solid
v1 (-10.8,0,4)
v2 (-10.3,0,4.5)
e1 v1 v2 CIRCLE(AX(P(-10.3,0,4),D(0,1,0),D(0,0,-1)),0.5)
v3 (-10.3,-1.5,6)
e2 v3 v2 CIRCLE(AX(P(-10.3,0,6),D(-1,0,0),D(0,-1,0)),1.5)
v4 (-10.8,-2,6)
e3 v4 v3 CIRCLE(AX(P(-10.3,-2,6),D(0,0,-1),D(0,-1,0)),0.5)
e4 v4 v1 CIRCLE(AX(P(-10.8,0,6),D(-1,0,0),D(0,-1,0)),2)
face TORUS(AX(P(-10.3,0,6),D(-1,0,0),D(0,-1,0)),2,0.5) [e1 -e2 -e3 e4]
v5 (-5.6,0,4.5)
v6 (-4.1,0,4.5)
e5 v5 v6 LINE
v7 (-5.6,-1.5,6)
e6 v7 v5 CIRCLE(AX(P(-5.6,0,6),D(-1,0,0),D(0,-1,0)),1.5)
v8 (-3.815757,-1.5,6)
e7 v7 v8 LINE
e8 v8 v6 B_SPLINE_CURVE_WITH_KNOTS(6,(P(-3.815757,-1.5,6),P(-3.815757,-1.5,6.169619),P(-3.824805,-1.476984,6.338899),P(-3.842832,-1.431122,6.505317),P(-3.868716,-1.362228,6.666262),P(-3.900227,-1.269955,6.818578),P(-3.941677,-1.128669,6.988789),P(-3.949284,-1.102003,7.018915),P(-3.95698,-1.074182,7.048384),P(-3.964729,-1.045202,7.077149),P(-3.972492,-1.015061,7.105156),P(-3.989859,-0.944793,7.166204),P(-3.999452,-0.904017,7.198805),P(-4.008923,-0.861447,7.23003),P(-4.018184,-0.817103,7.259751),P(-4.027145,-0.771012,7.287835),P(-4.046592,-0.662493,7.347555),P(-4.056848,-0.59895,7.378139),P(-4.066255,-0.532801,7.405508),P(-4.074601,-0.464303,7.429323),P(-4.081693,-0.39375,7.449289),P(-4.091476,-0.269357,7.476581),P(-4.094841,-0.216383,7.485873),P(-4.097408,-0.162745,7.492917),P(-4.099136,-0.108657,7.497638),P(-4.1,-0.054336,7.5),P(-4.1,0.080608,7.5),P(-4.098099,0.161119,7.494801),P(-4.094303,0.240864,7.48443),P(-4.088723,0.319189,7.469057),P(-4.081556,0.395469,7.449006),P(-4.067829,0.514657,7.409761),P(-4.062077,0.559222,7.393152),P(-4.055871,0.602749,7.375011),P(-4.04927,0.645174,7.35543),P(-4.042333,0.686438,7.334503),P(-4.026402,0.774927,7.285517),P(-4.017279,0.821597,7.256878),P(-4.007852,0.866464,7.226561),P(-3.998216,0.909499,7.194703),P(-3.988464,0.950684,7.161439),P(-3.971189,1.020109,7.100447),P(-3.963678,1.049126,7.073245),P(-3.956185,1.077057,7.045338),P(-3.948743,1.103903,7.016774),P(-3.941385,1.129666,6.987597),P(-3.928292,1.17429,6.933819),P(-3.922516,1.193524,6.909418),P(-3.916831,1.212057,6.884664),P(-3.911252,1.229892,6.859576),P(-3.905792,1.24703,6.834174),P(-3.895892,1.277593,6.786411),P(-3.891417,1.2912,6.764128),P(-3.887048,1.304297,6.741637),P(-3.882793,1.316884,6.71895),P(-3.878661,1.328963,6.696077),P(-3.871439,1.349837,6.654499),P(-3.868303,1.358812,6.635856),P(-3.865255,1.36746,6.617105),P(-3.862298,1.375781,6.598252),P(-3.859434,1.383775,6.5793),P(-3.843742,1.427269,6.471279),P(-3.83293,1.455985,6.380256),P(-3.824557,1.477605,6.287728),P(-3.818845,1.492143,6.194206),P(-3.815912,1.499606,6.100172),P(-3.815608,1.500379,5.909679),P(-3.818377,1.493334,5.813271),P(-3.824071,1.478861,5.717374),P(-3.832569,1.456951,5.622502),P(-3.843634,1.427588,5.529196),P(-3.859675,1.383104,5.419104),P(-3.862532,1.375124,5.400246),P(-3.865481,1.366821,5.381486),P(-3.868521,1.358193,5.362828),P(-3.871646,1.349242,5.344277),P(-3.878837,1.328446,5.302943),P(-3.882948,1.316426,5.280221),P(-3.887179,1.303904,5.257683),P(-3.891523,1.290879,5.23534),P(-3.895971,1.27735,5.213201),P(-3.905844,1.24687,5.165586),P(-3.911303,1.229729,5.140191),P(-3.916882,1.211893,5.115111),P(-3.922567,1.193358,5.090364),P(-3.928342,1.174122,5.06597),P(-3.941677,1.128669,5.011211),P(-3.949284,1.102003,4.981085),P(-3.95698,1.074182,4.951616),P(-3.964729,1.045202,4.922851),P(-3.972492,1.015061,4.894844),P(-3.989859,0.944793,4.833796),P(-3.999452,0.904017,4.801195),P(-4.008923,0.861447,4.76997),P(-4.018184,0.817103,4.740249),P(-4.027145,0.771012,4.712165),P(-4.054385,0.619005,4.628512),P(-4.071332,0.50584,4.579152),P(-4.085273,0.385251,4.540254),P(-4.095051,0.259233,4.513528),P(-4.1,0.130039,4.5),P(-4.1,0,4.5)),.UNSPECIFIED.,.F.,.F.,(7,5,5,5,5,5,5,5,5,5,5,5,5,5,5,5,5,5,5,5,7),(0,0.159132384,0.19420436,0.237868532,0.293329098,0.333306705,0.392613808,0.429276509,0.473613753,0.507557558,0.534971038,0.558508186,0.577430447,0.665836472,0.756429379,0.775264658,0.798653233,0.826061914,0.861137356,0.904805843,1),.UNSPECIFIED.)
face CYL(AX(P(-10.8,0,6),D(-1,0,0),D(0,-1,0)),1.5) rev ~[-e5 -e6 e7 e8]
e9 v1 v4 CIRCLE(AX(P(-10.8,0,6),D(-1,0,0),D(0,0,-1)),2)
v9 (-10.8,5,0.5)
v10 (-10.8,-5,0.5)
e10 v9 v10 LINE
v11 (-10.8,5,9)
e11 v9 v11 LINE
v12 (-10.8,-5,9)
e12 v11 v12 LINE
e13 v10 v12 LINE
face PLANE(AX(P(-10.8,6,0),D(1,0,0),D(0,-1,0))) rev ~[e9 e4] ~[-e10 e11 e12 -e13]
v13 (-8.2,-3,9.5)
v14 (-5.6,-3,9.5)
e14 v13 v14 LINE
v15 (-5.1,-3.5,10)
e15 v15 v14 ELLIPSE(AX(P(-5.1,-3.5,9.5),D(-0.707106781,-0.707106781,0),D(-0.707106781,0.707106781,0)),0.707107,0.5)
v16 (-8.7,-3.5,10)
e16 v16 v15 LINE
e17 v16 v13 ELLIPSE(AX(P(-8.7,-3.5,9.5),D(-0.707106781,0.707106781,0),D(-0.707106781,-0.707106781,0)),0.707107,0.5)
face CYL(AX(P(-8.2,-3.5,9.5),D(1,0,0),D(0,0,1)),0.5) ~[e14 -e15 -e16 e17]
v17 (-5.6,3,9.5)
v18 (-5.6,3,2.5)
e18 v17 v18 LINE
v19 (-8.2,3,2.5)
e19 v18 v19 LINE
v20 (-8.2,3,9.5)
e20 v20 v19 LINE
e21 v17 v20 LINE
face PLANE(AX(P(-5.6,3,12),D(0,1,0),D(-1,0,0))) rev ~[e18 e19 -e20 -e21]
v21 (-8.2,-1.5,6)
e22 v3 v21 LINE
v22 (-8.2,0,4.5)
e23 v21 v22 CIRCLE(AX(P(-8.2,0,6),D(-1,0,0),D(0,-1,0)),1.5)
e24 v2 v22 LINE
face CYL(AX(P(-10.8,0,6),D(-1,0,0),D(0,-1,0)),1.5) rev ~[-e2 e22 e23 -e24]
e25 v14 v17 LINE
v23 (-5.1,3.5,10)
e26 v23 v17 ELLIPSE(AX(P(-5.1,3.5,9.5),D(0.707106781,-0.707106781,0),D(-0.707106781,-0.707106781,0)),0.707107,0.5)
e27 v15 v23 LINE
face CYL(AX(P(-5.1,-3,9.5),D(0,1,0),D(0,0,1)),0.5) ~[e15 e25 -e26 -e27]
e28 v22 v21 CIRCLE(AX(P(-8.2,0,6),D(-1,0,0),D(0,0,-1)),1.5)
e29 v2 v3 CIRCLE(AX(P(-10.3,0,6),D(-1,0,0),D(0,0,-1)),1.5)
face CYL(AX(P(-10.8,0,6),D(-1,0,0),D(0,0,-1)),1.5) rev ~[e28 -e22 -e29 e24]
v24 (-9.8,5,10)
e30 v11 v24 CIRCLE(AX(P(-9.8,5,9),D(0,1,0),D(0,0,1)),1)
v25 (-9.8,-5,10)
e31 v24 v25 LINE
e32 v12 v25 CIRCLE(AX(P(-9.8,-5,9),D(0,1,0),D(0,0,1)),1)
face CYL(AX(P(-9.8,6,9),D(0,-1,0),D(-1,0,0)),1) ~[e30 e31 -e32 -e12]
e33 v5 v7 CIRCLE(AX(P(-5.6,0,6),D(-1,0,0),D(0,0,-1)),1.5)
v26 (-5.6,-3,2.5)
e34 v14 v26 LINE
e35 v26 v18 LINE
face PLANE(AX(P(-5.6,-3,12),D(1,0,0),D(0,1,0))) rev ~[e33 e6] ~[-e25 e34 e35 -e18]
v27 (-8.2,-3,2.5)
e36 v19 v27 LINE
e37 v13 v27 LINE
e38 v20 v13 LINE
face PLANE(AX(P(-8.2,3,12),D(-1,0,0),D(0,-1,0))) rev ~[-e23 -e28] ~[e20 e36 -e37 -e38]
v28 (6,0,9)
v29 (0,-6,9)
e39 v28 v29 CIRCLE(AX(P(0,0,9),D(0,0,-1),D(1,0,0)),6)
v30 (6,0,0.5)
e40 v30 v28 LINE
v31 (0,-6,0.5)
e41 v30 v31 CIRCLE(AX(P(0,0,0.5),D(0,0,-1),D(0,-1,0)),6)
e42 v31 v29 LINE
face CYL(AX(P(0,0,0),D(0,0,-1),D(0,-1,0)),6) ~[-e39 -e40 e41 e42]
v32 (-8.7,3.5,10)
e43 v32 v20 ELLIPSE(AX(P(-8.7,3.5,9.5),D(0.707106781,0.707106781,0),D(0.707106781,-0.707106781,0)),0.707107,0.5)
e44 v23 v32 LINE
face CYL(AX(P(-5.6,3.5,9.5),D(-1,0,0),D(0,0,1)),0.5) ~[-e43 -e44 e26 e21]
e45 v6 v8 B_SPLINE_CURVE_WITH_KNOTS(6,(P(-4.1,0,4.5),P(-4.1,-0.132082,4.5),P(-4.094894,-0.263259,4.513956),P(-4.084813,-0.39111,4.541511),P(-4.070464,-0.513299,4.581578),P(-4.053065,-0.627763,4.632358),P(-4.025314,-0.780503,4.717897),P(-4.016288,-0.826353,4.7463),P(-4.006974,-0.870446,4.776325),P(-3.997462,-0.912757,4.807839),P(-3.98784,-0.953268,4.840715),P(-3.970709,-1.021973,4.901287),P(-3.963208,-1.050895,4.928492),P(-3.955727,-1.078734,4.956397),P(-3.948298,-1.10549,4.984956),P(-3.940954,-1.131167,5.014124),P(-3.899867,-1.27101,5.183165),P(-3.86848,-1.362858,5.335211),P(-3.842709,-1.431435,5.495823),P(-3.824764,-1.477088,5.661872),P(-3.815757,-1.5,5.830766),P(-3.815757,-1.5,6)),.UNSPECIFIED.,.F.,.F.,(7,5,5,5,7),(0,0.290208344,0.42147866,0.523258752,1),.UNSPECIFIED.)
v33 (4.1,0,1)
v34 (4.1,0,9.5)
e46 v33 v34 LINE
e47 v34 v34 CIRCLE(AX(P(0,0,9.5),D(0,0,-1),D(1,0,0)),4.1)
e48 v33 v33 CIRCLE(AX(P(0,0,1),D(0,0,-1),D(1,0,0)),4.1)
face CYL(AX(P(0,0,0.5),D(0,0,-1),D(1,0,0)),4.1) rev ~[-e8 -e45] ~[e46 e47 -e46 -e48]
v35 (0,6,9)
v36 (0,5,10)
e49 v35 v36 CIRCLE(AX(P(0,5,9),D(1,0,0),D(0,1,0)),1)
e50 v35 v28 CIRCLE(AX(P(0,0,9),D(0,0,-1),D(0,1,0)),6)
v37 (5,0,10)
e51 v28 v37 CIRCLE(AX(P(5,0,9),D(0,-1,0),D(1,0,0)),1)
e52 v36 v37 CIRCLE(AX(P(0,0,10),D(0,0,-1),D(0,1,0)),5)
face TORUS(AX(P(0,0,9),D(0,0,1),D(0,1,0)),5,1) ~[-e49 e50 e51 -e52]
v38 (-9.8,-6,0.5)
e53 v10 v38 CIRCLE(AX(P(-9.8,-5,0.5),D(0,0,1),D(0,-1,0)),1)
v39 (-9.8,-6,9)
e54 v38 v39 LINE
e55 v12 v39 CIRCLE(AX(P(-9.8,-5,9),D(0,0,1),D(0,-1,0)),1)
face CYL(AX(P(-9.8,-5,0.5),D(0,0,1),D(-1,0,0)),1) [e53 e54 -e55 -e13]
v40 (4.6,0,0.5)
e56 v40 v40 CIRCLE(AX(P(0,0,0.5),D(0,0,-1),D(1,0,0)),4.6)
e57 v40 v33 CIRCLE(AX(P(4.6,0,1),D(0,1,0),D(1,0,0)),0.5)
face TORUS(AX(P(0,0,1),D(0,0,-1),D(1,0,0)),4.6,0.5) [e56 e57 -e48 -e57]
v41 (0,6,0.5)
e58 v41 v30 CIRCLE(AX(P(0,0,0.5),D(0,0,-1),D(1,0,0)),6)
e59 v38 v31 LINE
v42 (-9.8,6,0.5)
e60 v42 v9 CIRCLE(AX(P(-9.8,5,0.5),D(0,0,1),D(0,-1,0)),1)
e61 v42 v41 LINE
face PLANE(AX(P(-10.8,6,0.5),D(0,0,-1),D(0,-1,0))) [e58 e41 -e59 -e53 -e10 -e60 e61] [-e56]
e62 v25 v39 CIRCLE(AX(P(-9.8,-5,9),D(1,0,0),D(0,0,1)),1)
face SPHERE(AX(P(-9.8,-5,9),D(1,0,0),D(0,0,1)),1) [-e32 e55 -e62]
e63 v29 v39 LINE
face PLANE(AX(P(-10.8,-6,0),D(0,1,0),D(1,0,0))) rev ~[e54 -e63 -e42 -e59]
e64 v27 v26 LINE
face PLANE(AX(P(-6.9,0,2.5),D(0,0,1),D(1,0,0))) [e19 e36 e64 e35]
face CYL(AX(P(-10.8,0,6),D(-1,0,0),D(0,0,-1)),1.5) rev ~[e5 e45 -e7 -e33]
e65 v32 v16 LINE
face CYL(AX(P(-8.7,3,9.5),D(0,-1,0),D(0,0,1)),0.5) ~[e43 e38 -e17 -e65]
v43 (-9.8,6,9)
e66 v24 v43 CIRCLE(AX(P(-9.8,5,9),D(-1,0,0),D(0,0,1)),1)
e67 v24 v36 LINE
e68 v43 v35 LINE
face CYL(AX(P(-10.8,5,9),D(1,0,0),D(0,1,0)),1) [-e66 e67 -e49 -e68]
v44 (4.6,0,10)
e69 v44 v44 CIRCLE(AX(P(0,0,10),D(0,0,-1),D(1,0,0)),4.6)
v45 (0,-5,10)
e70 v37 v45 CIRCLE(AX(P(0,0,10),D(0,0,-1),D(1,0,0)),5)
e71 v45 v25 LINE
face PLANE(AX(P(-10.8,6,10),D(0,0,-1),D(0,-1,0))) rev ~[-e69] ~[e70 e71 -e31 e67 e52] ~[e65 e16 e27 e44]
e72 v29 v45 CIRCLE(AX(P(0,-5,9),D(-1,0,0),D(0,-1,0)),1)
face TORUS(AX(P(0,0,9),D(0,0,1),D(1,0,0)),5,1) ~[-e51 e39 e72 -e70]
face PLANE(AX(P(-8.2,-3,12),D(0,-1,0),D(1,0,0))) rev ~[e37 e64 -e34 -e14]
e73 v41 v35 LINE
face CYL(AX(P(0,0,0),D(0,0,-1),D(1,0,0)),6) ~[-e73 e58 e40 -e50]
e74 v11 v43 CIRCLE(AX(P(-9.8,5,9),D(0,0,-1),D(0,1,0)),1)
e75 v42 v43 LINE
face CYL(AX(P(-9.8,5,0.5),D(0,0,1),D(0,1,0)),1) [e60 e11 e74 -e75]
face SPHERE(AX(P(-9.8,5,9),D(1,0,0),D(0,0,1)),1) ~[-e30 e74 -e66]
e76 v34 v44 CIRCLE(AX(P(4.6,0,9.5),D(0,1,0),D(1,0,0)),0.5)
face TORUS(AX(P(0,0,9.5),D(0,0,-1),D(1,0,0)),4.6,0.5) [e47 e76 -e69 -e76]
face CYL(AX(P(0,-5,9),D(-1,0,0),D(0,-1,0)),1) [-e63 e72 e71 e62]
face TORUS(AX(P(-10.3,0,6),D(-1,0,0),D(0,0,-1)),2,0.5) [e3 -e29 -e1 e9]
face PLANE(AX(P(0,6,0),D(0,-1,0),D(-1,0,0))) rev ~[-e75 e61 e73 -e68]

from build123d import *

# Parameters (mm, degrees)
F0_R      = 4.1
F1_DEPTH  = 12
F2_DEPTH  = 12
F4_DEPTH  = 3
F6_DEPTH  = 8
F7_DEPTH  = 9.5
F8_W      = 12
F8_H      = 2
F8_H_2    = 0.5
F9_DEPTH  = 25
F10_R     = 1
F11_R     = 0.5
F12_R     = 4.1
F13_DEPTH = 25
F14_DEPTH = 25


with BuildPart() as f1:
    # F0 (on Top) → F1 (new body)
    with BuildSketch(Plane.XY):
        with BuildLine():
            ThreePointArc((0, -6), (4.2426406871, -4.2426406871), (6, 0))
            ThreePointArc((6, 0), (4.2426406871, 4.2426406871), (0, 6))
            ThreePointArc((0, 6), (-4.2426406871, 4.2426406871), (-6, 0))
            ThreePointArc((-6, 0), (-4.2426406871, -4.2426406871), (0, -6))
        make_face()
        Circle(F0_R, mode=Mode.SUBTRACT)
    extrude(amount=F1_DEPTH)

    # F0 (on Top) → F2 (join)
    with BuildSketch(Plane.XY):
        with BuildLine():
            ThreePointArc((-6, 0), (-4.2426406871, 4.2426406871), (0, 6))
            Line((0, 6), (-6, 6))
            Line((-6, 6), (-6, 0))
        make_face()
        with BuildLine():
            Line((-6, -6), (0, -6))
            ThreePointArc((0, -6), (-4.2426406871, -4.2426406871), (-6, 0))
            Line((-6, 0), (-6, -6))
        make_face()
        Polygon((-6, -6), (-6, 0), (-6, 6), (-10.8, 6), (-10.8, -6), align=None)
    extrude(amount=F2_DEPTH)

    # F3 (on face) → F4 (cut)
    with BuildSketch(Plane.XY.offset(12)):
        Polygon((-5.6, -3), (-5.6, 0), (-5.6, 3), (-8.2, 3), (-8.2, -3), align=None)
    extrude(amount=F4_DEPTH, mode=Mode.SUBTRACT)

    # F5 (on face) → F6 (cut)
    with BuildSketch(Plane(origin=(-10.8, 0, 0), x_dir=(0, -1, 0), z_dir=(-1, 0, 0))):
        with BuildLine():
            ThreePointArc((0, 4.5), (1.0606601718, 4.9393398282), (1.5, 6))
            ThreePointArc((1.5, 6), (-1.0606601718, 7.0606601718), (0, 4.5))
        make_face()
    extrude(amount=-F6_DEPTH, mode=Mode.SUBTRACT)

    # F3 (on face) → F7 (cut)
    with BuildSketch(Plane.XY.offset(12)):
        Polygon((-5.6, -3), (-5.6, 0), (-5.6, 3), (-8.2, 3), (-8.2, -3), align=None)
    extrude(amount=-F7_DEPTH, mode=Mode.SUBTRACT)

    # F8 (on face) → F9 (cut)
    with BuildSketch(Plane(origin=(-10.8, 0, 0), x_dir=(0, -1, 0), z_dir=(-1, 0, 0))):
        with Locations((0, 11)):
            Rectangle(F8_W, F8_H)
        with Locations((0, 0.25)):
            Rectangle(F8_W, F8_H_2)
    extrude(amount=-F9_DEPTH, mode=Mode.SUBTRACT)

    # F10
    f10_edges = [f1.edges().sort_by_distance(p)[0] for p in [
        (-5.4, 6, 10),
        (-10.8, 0, 10),
        (-10.8, 6, 5.25),
        (-10.8, -6, 5.25),
    ]]
    fillet(f10_edges, radius=F10_R)

    # F11
    f11_edges = [f1.edges().sort_by_distance(p)[0] for p in [
        (-10.8, 0, 7.5),
        (-8.2, 0, 10),
        (-6.9, 3, 10),
        (-5.6, 0, 10),
        (-6.9, -3, 10),
        (-4.1, 0, 10),
        (-4.1, 0, 0.5),
    ]]
    fillet(f11_edges, radius=F11_R)

    # F12 (on face) → F13 (join)
    with BuildSketch(Plane(origin=(0, 0, 0.5), x_dir=(1, 0, 0), z_dir=(0, 0, -1))):
        Circle(F12_R)
    extrude(amount=-F13_DEPTH)

    # F14 (cut): a face of the model
    f14_faces = [f1.faces().sort_by_distance(p)[0] for p in [
        (0, 0, 0.5),
    ]]
    extrude(f14_faces, amount=-F14_DEPTH, mode=Mode.SUBTRACT)


solid = f1.part
